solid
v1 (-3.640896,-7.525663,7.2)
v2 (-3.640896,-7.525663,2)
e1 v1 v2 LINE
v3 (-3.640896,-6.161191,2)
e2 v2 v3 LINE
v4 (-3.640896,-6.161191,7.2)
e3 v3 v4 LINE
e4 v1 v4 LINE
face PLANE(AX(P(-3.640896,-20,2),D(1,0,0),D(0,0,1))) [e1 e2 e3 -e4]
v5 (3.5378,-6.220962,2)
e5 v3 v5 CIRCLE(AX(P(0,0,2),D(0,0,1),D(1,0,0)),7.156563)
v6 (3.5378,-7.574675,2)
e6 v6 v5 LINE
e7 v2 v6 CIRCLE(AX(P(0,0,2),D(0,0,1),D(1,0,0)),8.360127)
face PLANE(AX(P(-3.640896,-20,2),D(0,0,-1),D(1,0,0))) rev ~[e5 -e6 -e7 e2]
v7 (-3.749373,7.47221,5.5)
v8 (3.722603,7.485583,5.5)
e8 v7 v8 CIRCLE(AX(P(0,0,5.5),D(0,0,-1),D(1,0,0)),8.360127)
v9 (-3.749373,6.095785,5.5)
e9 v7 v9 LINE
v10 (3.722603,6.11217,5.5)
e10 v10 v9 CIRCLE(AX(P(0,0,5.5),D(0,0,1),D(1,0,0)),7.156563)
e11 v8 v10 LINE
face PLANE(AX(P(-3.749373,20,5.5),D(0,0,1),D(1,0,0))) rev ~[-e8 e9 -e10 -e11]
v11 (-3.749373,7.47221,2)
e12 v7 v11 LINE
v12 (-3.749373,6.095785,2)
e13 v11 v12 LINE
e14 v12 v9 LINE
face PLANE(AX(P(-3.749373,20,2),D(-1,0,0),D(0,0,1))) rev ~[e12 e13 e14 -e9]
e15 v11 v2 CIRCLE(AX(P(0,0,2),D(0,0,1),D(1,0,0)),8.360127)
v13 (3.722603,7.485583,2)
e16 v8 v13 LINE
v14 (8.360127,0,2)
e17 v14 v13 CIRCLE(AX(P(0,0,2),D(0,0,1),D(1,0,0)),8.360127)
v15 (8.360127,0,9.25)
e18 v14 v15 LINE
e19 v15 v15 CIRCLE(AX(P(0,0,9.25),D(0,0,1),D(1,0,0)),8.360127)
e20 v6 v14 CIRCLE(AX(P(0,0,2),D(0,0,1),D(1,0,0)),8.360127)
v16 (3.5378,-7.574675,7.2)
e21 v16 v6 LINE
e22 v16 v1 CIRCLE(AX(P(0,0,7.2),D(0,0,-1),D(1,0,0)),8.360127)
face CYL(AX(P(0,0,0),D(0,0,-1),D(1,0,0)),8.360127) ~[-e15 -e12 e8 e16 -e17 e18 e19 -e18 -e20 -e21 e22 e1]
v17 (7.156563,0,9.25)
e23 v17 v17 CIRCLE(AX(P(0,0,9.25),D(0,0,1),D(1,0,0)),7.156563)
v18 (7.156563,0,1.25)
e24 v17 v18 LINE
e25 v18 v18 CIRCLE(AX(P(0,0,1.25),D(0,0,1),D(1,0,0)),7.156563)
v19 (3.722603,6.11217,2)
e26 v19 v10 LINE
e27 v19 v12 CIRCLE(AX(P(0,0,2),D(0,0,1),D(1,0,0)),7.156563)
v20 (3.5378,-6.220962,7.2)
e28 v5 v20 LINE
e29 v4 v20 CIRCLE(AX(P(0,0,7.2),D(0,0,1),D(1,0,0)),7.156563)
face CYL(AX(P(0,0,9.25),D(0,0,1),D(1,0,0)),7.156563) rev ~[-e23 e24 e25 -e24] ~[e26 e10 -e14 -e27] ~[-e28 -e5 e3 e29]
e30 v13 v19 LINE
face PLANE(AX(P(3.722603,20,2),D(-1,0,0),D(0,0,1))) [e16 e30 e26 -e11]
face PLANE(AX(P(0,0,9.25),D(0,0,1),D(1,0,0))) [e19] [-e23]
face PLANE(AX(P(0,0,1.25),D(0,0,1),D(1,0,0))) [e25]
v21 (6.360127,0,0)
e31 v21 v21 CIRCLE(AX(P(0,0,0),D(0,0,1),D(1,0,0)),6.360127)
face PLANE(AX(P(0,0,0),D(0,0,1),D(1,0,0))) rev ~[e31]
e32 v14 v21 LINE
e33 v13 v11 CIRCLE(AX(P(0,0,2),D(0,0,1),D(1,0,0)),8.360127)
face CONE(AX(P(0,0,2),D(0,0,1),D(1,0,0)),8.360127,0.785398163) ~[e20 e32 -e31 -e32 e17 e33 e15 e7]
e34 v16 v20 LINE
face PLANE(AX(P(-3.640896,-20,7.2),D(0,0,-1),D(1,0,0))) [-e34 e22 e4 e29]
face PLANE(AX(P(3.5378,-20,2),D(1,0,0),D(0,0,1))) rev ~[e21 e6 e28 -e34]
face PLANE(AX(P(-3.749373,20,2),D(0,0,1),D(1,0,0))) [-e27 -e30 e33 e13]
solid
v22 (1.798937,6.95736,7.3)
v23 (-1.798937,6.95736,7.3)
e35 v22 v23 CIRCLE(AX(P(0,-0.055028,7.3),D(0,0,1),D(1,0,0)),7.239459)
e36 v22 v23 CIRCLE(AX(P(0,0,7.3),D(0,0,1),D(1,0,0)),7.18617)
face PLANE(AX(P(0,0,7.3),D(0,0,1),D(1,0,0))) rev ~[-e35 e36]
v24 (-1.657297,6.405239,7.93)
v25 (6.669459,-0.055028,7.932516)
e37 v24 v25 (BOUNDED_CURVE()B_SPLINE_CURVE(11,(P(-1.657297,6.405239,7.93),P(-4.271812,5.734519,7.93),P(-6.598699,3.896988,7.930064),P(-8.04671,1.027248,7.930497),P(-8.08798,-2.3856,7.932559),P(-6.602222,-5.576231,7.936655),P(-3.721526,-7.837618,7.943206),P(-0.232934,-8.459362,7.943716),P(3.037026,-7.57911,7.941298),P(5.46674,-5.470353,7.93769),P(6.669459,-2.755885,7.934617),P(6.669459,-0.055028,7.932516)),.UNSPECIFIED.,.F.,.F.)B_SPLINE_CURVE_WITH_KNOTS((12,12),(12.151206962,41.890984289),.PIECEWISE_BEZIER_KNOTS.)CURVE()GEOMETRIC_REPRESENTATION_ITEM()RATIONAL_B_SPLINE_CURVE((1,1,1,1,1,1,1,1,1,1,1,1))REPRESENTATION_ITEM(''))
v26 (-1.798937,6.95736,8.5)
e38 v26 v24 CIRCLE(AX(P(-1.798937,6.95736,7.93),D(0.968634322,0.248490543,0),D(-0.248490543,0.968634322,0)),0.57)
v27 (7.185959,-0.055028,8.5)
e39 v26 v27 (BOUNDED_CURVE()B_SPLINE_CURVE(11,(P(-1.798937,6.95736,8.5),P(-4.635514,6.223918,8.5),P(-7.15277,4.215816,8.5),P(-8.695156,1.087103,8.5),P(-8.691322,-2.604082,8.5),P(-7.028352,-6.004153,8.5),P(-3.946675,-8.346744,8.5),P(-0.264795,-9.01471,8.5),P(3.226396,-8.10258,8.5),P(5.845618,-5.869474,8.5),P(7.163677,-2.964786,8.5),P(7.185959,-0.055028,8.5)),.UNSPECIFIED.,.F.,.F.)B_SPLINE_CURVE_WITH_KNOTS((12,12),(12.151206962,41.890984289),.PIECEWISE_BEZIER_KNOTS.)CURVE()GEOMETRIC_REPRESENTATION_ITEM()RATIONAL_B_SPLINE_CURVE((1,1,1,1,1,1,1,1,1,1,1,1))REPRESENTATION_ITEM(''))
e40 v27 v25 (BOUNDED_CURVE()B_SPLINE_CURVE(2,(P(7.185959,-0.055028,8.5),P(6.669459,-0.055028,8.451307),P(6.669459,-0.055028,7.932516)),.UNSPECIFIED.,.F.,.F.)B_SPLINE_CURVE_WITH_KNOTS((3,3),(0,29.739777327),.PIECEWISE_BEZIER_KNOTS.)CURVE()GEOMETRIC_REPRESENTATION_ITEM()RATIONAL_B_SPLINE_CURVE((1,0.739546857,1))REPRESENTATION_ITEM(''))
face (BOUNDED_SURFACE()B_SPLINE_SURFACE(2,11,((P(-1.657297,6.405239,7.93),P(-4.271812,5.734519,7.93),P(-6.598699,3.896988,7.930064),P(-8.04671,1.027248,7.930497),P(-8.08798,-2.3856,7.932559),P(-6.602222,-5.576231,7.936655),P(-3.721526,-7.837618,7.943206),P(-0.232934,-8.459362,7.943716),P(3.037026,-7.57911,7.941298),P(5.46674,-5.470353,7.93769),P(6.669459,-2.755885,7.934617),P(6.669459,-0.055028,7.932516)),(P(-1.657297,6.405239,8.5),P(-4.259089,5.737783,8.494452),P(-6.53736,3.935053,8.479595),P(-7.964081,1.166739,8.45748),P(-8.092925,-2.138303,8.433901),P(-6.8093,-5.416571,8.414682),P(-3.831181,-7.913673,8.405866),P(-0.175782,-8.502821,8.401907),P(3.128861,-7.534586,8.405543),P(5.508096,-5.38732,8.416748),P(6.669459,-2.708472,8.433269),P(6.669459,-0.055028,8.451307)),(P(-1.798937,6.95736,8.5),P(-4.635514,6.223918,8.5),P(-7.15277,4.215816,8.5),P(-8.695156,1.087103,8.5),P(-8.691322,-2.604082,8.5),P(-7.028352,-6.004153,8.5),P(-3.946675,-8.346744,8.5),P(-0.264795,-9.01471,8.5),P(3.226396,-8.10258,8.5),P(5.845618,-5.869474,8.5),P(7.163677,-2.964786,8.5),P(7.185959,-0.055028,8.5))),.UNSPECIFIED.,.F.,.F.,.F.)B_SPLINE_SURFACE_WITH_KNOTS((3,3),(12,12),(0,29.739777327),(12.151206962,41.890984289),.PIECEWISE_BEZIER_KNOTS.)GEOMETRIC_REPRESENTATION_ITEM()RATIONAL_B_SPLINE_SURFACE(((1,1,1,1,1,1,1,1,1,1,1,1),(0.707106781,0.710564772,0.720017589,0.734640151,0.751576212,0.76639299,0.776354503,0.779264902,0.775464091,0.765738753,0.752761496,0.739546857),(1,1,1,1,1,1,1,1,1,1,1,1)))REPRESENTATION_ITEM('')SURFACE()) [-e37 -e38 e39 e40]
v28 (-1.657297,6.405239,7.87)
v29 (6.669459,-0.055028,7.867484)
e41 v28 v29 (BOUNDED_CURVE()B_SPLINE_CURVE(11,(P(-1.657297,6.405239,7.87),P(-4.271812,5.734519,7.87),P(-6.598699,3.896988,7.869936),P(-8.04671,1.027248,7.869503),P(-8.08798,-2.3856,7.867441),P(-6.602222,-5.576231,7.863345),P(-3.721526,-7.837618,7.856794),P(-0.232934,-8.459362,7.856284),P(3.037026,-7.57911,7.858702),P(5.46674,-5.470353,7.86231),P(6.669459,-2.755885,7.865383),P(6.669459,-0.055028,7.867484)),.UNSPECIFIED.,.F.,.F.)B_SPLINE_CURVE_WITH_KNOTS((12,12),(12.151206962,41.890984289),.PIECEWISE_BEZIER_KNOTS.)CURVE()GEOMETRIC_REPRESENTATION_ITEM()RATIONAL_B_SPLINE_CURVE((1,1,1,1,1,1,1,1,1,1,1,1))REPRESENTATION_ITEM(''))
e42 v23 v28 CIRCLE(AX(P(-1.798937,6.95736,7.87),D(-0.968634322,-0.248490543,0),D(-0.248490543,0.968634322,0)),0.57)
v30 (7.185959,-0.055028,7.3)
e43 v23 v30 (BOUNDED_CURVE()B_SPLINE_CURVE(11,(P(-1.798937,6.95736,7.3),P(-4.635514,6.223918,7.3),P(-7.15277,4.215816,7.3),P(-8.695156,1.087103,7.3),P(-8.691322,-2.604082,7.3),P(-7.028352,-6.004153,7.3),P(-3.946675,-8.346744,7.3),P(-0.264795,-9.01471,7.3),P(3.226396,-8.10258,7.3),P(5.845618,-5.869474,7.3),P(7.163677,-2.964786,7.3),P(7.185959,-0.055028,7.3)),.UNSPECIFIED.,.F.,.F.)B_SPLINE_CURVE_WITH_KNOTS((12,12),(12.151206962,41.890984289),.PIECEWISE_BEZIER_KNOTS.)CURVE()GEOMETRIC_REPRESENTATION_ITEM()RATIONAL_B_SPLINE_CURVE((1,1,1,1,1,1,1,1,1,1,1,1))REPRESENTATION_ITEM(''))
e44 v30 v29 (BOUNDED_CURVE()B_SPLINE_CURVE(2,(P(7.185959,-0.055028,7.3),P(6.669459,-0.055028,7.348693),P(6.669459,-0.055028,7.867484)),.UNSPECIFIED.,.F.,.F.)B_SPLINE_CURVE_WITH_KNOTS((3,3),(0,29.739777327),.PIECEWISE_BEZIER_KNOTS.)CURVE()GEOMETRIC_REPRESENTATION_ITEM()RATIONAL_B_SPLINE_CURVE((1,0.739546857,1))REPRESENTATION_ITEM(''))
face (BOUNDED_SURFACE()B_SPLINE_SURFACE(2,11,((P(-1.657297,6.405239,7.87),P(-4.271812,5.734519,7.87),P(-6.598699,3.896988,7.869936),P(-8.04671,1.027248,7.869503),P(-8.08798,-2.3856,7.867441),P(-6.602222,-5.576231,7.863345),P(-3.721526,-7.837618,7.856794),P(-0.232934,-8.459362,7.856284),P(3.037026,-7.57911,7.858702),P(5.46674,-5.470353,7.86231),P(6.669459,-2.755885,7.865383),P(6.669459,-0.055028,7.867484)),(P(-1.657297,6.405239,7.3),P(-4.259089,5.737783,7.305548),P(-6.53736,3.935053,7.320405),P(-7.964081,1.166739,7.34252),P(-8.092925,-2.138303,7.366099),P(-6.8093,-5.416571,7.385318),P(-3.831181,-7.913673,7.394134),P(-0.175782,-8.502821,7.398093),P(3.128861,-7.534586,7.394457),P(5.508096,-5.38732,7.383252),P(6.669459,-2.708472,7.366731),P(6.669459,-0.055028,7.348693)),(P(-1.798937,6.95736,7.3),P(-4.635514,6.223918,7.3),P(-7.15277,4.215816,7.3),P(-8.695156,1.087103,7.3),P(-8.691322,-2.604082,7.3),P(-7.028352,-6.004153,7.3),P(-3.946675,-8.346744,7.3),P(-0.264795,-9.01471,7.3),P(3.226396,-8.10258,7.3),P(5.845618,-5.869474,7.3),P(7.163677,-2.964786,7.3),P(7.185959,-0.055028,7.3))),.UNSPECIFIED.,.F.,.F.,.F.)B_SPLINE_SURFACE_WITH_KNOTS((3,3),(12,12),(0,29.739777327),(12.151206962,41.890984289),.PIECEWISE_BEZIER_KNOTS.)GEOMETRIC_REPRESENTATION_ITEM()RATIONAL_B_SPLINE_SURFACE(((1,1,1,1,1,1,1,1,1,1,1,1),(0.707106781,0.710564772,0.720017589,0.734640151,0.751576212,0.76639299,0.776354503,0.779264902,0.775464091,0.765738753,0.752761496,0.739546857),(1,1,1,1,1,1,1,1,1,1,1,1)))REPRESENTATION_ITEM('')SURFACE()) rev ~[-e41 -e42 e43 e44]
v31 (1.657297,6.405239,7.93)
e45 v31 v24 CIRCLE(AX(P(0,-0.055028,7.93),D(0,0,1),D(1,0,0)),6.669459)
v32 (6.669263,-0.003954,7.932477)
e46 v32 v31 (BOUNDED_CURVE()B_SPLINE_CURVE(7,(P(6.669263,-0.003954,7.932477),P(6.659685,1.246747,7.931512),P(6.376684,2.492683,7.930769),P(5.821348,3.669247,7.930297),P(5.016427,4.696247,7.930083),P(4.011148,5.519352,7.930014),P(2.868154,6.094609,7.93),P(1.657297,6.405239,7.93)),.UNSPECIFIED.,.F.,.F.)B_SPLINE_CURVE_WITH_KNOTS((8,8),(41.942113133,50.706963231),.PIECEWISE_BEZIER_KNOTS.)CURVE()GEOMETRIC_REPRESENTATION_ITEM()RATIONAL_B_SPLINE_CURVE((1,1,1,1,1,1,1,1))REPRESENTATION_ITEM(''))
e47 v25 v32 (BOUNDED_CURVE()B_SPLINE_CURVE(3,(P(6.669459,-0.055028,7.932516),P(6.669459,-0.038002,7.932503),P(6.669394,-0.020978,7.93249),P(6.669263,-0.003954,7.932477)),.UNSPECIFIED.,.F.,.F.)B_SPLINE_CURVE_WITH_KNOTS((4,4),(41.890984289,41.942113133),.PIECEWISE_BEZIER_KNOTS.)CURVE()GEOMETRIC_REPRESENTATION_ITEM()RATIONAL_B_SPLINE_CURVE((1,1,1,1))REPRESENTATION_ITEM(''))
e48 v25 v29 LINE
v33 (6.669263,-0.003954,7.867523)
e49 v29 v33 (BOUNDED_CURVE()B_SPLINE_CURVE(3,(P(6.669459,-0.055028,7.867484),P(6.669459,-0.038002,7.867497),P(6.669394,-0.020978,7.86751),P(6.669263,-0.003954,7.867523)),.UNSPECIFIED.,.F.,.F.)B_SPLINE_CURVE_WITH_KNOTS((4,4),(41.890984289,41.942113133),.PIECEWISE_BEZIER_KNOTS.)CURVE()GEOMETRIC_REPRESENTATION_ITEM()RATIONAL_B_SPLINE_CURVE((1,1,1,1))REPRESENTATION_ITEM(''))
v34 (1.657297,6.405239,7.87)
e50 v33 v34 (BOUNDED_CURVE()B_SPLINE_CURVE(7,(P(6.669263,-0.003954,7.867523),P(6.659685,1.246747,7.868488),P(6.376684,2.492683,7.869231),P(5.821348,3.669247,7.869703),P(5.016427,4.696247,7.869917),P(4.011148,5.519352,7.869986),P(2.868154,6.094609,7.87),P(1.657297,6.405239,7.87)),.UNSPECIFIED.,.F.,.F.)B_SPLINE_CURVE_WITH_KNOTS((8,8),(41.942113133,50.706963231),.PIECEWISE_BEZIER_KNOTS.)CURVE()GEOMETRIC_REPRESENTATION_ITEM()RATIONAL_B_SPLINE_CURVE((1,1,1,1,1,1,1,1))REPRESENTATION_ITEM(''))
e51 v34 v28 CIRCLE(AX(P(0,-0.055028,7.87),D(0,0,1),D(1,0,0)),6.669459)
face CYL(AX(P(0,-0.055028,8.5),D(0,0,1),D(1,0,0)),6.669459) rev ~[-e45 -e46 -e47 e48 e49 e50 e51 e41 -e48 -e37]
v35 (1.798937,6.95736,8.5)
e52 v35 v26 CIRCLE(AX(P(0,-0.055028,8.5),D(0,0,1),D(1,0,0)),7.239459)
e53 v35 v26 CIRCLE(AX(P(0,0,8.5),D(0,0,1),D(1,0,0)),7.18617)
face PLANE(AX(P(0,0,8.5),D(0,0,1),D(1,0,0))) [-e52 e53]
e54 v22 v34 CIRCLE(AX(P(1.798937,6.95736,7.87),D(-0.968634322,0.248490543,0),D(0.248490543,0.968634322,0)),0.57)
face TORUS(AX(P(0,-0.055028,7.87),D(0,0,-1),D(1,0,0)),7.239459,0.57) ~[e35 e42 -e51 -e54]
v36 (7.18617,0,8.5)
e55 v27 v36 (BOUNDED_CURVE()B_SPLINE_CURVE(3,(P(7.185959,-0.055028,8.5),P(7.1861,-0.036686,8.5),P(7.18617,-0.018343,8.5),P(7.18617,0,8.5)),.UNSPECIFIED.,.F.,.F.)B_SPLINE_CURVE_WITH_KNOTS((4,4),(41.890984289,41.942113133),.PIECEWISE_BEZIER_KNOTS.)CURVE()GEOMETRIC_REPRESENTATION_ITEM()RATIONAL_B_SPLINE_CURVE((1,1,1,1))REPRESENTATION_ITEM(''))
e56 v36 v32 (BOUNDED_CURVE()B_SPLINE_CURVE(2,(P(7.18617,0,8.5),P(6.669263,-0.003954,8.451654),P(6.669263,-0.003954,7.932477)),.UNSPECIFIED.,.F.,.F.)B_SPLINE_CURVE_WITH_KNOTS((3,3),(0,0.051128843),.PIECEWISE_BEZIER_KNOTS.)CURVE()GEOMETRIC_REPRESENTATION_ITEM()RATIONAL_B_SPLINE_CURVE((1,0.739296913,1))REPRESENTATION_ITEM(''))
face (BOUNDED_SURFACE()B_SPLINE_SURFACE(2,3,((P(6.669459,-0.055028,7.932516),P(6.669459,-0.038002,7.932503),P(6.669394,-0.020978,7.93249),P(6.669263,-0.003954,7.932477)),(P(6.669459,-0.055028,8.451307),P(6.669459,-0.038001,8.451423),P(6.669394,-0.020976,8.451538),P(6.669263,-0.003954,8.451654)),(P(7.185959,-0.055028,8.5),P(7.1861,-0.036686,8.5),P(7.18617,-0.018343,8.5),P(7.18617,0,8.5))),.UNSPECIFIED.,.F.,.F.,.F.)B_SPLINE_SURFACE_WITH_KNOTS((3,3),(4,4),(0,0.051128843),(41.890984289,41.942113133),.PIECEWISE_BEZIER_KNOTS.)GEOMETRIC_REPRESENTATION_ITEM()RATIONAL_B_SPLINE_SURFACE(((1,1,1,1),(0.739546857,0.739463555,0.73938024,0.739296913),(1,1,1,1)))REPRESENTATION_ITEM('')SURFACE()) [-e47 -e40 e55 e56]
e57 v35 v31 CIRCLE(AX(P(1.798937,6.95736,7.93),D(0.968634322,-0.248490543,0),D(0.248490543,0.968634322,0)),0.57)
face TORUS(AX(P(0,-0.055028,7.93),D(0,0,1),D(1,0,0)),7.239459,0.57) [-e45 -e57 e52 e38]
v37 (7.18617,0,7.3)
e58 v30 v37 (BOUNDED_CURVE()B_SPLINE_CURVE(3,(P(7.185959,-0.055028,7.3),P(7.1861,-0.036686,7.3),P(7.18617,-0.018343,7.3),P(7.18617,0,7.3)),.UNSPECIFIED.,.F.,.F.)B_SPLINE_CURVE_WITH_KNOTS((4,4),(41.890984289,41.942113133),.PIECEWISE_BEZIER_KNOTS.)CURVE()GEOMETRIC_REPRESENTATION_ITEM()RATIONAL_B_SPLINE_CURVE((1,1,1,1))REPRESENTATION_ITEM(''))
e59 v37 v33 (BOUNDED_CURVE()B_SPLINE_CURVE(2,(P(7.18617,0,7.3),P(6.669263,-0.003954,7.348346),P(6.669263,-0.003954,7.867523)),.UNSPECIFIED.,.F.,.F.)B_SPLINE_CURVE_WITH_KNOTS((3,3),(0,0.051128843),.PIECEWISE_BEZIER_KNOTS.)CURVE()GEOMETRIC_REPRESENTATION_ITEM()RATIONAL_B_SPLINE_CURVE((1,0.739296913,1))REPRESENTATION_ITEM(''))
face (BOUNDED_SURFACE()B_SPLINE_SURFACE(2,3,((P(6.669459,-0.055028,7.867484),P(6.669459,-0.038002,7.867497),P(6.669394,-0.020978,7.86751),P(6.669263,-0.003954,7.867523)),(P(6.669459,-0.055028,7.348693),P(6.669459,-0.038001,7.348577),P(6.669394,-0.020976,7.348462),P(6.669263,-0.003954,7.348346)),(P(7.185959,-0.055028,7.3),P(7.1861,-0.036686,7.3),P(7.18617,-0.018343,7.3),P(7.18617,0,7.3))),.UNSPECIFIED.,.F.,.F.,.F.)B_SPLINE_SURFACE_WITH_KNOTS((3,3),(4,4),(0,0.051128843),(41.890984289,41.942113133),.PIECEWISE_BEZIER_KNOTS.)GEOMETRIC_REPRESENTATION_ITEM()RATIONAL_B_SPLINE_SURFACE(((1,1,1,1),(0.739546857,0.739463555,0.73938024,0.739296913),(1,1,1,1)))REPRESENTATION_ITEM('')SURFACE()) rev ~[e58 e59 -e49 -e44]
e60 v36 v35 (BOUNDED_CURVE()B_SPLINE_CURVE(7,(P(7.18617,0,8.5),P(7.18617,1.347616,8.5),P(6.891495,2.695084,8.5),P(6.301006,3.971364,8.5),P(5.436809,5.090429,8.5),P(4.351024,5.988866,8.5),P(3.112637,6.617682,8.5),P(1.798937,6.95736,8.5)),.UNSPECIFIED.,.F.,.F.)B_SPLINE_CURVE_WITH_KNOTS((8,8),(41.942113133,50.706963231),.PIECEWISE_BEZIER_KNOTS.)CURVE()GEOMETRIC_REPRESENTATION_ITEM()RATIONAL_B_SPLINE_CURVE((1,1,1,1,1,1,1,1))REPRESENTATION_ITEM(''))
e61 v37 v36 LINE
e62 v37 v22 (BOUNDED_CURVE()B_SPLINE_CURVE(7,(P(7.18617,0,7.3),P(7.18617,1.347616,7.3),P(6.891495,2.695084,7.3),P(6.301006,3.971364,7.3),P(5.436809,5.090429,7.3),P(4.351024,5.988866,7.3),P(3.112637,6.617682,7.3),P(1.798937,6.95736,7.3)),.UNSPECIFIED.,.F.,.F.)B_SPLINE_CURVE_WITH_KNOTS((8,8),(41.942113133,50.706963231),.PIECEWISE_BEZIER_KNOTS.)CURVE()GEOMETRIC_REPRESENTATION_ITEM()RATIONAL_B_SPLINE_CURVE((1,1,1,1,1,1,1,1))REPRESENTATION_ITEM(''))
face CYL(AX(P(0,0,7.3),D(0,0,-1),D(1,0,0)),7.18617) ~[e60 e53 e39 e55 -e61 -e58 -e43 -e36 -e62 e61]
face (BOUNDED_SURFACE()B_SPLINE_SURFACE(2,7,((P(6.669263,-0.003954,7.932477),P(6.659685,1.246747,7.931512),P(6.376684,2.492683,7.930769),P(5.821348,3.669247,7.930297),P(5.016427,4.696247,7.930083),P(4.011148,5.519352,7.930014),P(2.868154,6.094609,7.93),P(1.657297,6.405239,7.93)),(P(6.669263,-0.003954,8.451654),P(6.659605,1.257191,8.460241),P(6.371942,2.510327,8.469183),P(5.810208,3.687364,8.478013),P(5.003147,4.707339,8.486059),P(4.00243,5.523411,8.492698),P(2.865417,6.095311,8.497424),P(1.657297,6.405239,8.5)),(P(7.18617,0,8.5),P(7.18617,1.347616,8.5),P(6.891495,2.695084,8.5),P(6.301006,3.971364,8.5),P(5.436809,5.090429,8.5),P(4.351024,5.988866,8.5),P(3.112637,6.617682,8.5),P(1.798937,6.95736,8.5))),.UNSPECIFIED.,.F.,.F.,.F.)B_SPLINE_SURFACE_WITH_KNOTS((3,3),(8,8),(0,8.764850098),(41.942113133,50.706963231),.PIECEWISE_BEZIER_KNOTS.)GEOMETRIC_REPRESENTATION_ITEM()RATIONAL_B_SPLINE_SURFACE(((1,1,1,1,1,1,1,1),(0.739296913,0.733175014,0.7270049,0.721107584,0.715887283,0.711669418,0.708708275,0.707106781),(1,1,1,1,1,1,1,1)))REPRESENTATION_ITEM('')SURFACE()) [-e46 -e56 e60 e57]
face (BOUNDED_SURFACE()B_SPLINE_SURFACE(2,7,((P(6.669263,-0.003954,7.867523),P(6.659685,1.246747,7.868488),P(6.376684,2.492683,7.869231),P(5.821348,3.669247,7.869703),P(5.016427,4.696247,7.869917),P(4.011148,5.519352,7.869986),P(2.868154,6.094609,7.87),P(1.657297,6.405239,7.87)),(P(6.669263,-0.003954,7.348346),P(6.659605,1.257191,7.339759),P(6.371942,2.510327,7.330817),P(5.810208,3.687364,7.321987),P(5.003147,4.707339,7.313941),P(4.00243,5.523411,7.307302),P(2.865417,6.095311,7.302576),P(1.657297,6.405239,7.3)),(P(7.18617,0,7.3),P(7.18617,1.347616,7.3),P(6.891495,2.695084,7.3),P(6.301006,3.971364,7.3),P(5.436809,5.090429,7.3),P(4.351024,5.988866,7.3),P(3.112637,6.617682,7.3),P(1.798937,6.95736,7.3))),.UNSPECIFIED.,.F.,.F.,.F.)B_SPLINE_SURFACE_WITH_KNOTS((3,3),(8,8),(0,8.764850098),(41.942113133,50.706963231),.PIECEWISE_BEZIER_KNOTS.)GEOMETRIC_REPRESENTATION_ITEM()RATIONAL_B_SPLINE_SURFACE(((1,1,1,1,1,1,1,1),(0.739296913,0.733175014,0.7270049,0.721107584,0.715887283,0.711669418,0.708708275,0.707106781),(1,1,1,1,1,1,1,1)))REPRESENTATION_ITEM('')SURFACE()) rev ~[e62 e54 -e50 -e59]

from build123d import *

# Parameters (mm, degrees)
SKETCH002_R     = 7.18617
PAD001_DEPTH    = 1.2
SKETCH005_R     = 6.669459
POCKET001_DEPTH = 5
FILLET_R        = 0.57
SKETCH007_W     = 7.178695
SKETCH007_H     = 5.2
PAD004_DEPTH    = 15
SKETCH006_W     = 7.471976
SKETCH006_H     = 3.5
PAD003_DEPTH    = 20
SKETCH_R        = 8.360127
PAD_DEPTH       = 9.25
SKETCH001_R     = 7.156563
POCKET_DEPTH    = 8
CHAMFER_SIZE    = 2


with BuildPart() as fillet_body:
    # Sketch002 → Pad001 (new body)
    with BuildSketch(Plane.XY.offset(7.3)):
        Circle(SKETCH002_R)
    extrude(amount=PAD001_DEPTH)

    # Sketch005 → Pocket001 (cut)
    with BuildSketch(Plane.XY.offset(8.5)):
        with Locations((0, -0.055028)):
            Circle(SKETCH005_R)
    extrude(amount=-POCKET001_DEPTH, mode=Mode.SUBTRACT)

    # Fillet
    fillet_edges = [fillet_body.edges().sort_by_distance(p)[0] for p in [
        (-6.669459, -0.055028, 8.5),
        (-6.669459, -0.055028, 7.3),
    ]]
    fillet(fillet_edges, radius=FILLET_R)


with BuildPart() as pad004:
    # Sketch007 → Pad004 (new body)
    with BuildSketch(Plane.XZ.offset(20)):
        with Locations((-0.051548, 4.6)):
            Rectangle(SKETCH007_W, SKETCH007_H)
    extrude(amount=-PAD004_DEPTH)


with BuildPart() as pad003:
    # Sketch006 → Pad003 (new body)
    with BuildSketch(Plane.XZ.offset(-20)):
        with Locations((-0.013385, 3.75)):
            Rectangle(SKETCH006_W, SKETCH006_H)
    extrude(amount=PAD003_DEPTH)


with BuildPart() as cut001:
    # Sketch → Pad (new body)
    with BuildSketch(Plane.XY):
        Circle(SKETCH_R)
    extrude(amount=PAD_DEPTH)

    # Sketch001 → Pocket (cut)
    with BuildSketch(Plane.XY.offset(9.25)):
        Circle(SKETCH001_R)
    extrude(amount=-POCKET_DEPTH, mode=Mode.SUBTRACT)

    # Chamfer
    chamfer_edges = [cut001.edges().sort_by_distance(p)[0] for p in [
        (-8.360127, 0, 0),
    ]]
    chamfer(chamfer_edges, length=CHAMFER_SIZE)

    # Cut: cut Pad003
    add(pad003.part, mode=Mode.SUBTRACT)

    # Cut001: cut Pad004
    add(pad004.part, mode=Mode.SUBTRACT)


solid = Compound([fillet_body.part, cut001.part])
